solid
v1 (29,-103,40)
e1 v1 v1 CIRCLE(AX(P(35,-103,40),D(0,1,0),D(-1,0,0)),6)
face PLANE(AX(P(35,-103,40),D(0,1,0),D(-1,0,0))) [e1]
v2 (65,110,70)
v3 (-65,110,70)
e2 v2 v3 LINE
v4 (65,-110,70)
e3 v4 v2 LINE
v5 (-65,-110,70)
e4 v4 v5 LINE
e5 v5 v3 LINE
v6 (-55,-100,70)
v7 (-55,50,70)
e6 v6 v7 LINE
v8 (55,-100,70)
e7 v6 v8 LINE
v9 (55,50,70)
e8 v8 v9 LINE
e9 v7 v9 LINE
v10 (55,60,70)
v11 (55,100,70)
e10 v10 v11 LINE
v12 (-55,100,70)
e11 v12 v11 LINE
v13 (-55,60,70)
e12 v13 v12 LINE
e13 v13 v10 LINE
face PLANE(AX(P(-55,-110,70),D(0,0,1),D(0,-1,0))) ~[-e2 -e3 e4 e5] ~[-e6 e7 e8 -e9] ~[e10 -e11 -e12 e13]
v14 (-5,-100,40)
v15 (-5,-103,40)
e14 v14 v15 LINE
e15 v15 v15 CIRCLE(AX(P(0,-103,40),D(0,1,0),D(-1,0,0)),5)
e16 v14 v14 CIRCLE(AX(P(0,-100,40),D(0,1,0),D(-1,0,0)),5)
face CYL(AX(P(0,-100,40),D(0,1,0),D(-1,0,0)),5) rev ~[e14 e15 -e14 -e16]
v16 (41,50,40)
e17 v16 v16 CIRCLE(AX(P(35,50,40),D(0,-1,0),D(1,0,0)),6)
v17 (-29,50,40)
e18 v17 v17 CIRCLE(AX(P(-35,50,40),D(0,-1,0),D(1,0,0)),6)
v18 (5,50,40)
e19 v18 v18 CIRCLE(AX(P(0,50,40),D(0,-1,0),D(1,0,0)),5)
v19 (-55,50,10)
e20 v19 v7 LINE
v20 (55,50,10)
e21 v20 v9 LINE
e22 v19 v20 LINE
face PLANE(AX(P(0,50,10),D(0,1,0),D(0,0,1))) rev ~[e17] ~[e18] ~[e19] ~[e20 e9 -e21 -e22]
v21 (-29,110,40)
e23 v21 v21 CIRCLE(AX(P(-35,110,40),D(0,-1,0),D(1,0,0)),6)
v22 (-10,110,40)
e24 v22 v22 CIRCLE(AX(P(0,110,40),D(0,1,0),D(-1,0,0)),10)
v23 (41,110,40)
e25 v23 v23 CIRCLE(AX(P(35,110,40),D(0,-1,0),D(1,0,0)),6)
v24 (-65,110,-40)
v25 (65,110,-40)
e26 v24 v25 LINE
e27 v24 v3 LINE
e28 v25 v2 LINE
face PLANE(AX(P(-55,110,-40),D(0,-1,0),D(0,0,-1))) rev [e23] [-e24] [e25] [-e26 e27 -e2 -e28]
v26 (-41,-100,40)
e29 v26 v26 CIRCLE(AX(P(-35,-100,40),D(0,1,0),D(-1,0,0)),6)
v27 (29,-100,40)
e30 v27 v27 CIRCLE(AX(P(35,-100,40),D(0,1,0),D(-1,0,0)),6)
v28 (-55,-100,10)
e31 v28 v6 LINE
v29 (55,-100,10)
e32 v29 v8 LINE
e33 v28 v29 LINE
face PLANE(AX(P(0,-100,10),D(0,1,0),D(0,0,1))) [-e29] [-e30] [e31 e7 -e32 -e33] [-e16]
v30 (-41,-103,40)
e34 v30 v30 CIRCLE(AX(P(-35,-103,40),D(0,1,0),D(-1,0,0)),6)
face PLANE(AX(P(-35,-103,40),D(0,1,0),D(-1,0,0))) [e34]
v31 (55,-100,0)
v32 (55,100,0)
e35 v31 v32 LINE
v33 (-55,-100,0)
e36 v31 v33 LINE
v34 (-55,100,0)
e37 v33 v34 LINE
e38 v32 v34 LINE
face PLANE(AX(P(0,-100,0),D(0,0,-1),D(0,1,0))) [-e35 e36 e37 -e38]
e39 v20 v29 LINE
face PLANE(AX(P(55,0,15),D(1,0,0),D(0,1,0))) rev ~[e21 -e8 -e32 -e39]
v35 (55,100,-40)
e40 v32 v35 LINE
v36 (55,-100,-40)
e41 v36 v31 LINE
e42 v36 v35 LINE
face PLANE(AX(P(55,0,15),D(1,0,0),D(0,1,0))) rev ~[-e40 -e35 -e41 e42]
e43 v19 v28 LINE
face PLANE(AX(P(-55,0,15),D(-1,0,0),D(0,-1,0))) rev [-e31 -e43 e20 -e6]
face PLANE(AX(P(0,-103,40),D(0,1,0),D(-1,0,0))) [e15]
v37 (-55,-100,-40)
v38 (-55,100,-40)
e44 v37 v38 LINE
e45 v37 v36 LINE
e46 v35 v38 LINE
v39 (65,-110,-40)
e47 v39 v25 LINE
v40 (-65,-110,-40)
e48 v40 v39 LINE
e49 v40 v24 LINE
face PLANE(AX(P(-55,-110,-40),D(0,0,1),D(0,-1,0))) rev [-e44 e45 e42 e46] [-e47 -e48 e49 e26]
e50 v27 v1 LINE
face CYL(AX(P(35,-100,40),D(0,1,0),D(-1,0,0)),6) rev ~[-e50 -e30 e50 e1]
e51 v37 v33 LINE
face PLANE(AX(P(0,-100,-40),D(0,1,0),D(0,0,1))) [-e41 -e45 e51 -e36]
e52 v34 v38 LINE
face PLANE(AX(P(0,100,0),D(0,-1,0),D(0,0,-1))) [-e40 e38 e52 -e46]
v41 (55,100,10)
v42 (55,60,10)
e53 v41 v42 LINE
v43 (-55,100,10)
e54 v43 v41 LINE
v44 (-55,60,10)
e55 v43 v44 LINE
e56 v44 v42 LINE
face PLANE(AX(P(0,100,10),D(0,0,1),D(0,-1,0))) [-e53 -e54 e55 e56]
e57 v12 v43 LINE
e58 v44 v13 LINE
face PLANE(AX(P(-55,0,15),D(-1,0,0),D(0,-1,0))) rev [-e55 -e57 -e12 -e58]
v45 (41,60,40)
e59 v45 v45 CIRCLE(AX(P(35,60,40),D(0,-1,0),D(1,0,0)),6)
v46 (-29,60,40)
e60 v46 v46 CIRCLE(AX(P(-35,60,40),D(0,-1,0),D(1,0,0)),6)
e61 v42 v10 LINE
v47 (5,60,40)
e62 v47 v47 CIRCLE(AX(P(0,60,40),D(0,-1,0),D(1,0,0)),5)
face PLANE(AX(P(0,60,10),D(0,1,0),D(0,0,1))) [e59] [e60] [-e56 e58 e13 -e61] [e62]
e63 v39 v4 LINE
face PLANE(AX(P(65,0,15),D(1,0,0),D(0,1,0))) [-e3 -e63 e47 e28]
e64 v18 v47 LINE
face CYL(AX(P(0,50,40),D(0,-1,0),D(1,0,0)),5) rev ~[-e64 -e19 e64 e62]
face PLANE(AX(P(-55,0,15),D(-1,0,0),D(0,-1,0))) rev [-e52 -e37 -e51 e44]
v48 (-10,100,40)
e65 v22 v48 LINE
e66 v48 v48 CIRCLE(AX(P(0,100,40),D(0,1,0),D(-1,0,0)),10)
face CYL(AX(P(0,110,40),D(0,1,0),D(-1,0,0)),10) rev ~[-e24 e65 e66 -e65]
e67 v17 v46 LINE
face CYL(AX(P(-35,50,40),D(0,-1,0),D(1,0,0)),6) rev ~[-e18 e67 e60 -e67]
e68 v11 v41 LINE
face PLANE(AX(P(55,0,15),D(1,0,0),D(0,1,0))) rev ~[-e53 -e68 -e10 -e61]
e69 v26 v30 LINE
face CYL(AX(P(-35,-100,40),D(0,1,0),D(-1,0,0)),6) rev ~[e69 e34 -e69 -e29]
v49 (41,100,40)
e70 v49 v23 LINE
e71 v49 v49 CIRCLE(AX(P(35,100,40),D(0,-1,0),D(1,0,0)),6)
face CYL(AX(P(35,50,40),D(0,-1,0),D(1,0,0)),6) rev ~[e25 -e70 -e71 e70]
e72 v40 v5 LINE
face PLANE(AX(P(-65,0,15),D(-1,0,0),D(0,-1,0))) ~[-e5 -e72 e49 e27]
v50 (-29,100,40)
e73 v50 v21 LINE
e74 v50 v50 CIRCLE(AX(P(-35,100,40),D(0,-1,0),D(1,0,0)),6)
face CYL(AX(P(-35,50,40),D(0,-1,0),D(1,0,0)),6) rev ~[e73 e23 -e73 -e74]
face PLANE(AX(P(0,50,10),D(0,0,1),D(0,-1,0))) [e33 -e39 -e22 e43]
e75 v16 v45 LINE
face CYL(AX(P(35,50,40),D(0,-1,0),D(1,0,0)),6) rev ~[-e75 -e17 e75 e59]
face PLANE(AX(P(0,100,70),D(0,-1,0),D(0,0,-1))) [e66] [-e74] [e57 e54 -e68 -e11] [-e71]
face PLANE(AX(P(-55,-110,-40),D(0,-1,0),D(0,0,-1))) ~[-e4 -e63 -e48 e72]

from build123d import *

# Parameters (mm, degrees)
F0_W      = 10
F0_H      = 60
F1_DEPTH  = 55
F2_W      = 220
F2_H      = 110
F3_DEPTH  = 10
F5_R      = 10
F6_DEPTH  = 10
F7_R      = 5
F8_DEPTH  = 10
F9_R      = 5
F9_R_2    = 6
F10_DEPTH = 3
F11_R     = 6
F12_DEPTH = 60.001


with BuildPart() as f1:
    # F0 (on Right) → F1 (new body, symmetric)
    with BuildSketch(Plane.YZ):
        Polygon((100, 10), (100, 0), (100, -40), (110, -40), (110, 70), (100, 70), align=None)
        Polygon((50, 10), (-100, 10), (-100, 0), (100, 0), (100, 10), (60, 10), align=None)
        with Locations((55, 40)):
            Rectangle(F0_W, F0_H)
        Polygon((-100, 70), (-110, 70), (-110, -40), (-100, -40), (-100, 0), (-100, 10), align=None)
    extrude(amount=F1_DEPTH, both=True)

    # F2 (on face) → F3 (join)
    with BuildSketch(Plane.YZ.offset(55)):
        with Locations((0, 15)):
            Rectangle(F2_W, F2_H)
    extrude(amount=F3_DEPTH)

    # F4: F1 across plane


with BuildPart() as f1_1:
    add(f1.part)
    add(f1.part.mirror(Plane.YZ))

    # F5 (on face) → F6 (cut, through all)
    with BuildSketch(Plane(origin=(0, 110, 0), x_dir=(-1, 0, 0), z_dir=(0, 1, 0))):
        with Locations((0, 40)):
            Circle(F5_R)
    extrude(amount=-F6_DEPTH, mode=Mode.SUBTRACT)

    # F7 (on face) → F8 (cut, through all)
    with BuildSketch(Plane.XZ.offset(-50)):
        with Locations((0, 40)):
            Circle(F7_R)
    extrude(amount=-F8_DEPTH, mode=Mode.SUBTRACT)

    # F9 (on face) → F10 (cut)
    with BuildSketch(Plane(origin=(0, -100, 0), x_dir=(-1, 0, 0), z_dir=(0, 1, 0))):
        with Locations((0, 40)):
            Circle(F9_R)
        with Locations((35, 40)):
            Circle(F9_R_2)
        with Locations((-35, 40)):
            Circle(F9_R_2)
    extrude(amount=-F10_DEPTH, mode=Mode.SUBTRACT)

    # F11 (on face) → F12 (cut, through all)
    with BuildSketch(Plane.XZ.offset(-50)):
        with Locations((-35, 40)):
            Circle(F11_R)
        with Locations((35, 40)):
            Circle(F11_R)
    extrude(amount=-F12_DEPTH, mode=Mode.SUBTRACT)


solid = f1_1.part
